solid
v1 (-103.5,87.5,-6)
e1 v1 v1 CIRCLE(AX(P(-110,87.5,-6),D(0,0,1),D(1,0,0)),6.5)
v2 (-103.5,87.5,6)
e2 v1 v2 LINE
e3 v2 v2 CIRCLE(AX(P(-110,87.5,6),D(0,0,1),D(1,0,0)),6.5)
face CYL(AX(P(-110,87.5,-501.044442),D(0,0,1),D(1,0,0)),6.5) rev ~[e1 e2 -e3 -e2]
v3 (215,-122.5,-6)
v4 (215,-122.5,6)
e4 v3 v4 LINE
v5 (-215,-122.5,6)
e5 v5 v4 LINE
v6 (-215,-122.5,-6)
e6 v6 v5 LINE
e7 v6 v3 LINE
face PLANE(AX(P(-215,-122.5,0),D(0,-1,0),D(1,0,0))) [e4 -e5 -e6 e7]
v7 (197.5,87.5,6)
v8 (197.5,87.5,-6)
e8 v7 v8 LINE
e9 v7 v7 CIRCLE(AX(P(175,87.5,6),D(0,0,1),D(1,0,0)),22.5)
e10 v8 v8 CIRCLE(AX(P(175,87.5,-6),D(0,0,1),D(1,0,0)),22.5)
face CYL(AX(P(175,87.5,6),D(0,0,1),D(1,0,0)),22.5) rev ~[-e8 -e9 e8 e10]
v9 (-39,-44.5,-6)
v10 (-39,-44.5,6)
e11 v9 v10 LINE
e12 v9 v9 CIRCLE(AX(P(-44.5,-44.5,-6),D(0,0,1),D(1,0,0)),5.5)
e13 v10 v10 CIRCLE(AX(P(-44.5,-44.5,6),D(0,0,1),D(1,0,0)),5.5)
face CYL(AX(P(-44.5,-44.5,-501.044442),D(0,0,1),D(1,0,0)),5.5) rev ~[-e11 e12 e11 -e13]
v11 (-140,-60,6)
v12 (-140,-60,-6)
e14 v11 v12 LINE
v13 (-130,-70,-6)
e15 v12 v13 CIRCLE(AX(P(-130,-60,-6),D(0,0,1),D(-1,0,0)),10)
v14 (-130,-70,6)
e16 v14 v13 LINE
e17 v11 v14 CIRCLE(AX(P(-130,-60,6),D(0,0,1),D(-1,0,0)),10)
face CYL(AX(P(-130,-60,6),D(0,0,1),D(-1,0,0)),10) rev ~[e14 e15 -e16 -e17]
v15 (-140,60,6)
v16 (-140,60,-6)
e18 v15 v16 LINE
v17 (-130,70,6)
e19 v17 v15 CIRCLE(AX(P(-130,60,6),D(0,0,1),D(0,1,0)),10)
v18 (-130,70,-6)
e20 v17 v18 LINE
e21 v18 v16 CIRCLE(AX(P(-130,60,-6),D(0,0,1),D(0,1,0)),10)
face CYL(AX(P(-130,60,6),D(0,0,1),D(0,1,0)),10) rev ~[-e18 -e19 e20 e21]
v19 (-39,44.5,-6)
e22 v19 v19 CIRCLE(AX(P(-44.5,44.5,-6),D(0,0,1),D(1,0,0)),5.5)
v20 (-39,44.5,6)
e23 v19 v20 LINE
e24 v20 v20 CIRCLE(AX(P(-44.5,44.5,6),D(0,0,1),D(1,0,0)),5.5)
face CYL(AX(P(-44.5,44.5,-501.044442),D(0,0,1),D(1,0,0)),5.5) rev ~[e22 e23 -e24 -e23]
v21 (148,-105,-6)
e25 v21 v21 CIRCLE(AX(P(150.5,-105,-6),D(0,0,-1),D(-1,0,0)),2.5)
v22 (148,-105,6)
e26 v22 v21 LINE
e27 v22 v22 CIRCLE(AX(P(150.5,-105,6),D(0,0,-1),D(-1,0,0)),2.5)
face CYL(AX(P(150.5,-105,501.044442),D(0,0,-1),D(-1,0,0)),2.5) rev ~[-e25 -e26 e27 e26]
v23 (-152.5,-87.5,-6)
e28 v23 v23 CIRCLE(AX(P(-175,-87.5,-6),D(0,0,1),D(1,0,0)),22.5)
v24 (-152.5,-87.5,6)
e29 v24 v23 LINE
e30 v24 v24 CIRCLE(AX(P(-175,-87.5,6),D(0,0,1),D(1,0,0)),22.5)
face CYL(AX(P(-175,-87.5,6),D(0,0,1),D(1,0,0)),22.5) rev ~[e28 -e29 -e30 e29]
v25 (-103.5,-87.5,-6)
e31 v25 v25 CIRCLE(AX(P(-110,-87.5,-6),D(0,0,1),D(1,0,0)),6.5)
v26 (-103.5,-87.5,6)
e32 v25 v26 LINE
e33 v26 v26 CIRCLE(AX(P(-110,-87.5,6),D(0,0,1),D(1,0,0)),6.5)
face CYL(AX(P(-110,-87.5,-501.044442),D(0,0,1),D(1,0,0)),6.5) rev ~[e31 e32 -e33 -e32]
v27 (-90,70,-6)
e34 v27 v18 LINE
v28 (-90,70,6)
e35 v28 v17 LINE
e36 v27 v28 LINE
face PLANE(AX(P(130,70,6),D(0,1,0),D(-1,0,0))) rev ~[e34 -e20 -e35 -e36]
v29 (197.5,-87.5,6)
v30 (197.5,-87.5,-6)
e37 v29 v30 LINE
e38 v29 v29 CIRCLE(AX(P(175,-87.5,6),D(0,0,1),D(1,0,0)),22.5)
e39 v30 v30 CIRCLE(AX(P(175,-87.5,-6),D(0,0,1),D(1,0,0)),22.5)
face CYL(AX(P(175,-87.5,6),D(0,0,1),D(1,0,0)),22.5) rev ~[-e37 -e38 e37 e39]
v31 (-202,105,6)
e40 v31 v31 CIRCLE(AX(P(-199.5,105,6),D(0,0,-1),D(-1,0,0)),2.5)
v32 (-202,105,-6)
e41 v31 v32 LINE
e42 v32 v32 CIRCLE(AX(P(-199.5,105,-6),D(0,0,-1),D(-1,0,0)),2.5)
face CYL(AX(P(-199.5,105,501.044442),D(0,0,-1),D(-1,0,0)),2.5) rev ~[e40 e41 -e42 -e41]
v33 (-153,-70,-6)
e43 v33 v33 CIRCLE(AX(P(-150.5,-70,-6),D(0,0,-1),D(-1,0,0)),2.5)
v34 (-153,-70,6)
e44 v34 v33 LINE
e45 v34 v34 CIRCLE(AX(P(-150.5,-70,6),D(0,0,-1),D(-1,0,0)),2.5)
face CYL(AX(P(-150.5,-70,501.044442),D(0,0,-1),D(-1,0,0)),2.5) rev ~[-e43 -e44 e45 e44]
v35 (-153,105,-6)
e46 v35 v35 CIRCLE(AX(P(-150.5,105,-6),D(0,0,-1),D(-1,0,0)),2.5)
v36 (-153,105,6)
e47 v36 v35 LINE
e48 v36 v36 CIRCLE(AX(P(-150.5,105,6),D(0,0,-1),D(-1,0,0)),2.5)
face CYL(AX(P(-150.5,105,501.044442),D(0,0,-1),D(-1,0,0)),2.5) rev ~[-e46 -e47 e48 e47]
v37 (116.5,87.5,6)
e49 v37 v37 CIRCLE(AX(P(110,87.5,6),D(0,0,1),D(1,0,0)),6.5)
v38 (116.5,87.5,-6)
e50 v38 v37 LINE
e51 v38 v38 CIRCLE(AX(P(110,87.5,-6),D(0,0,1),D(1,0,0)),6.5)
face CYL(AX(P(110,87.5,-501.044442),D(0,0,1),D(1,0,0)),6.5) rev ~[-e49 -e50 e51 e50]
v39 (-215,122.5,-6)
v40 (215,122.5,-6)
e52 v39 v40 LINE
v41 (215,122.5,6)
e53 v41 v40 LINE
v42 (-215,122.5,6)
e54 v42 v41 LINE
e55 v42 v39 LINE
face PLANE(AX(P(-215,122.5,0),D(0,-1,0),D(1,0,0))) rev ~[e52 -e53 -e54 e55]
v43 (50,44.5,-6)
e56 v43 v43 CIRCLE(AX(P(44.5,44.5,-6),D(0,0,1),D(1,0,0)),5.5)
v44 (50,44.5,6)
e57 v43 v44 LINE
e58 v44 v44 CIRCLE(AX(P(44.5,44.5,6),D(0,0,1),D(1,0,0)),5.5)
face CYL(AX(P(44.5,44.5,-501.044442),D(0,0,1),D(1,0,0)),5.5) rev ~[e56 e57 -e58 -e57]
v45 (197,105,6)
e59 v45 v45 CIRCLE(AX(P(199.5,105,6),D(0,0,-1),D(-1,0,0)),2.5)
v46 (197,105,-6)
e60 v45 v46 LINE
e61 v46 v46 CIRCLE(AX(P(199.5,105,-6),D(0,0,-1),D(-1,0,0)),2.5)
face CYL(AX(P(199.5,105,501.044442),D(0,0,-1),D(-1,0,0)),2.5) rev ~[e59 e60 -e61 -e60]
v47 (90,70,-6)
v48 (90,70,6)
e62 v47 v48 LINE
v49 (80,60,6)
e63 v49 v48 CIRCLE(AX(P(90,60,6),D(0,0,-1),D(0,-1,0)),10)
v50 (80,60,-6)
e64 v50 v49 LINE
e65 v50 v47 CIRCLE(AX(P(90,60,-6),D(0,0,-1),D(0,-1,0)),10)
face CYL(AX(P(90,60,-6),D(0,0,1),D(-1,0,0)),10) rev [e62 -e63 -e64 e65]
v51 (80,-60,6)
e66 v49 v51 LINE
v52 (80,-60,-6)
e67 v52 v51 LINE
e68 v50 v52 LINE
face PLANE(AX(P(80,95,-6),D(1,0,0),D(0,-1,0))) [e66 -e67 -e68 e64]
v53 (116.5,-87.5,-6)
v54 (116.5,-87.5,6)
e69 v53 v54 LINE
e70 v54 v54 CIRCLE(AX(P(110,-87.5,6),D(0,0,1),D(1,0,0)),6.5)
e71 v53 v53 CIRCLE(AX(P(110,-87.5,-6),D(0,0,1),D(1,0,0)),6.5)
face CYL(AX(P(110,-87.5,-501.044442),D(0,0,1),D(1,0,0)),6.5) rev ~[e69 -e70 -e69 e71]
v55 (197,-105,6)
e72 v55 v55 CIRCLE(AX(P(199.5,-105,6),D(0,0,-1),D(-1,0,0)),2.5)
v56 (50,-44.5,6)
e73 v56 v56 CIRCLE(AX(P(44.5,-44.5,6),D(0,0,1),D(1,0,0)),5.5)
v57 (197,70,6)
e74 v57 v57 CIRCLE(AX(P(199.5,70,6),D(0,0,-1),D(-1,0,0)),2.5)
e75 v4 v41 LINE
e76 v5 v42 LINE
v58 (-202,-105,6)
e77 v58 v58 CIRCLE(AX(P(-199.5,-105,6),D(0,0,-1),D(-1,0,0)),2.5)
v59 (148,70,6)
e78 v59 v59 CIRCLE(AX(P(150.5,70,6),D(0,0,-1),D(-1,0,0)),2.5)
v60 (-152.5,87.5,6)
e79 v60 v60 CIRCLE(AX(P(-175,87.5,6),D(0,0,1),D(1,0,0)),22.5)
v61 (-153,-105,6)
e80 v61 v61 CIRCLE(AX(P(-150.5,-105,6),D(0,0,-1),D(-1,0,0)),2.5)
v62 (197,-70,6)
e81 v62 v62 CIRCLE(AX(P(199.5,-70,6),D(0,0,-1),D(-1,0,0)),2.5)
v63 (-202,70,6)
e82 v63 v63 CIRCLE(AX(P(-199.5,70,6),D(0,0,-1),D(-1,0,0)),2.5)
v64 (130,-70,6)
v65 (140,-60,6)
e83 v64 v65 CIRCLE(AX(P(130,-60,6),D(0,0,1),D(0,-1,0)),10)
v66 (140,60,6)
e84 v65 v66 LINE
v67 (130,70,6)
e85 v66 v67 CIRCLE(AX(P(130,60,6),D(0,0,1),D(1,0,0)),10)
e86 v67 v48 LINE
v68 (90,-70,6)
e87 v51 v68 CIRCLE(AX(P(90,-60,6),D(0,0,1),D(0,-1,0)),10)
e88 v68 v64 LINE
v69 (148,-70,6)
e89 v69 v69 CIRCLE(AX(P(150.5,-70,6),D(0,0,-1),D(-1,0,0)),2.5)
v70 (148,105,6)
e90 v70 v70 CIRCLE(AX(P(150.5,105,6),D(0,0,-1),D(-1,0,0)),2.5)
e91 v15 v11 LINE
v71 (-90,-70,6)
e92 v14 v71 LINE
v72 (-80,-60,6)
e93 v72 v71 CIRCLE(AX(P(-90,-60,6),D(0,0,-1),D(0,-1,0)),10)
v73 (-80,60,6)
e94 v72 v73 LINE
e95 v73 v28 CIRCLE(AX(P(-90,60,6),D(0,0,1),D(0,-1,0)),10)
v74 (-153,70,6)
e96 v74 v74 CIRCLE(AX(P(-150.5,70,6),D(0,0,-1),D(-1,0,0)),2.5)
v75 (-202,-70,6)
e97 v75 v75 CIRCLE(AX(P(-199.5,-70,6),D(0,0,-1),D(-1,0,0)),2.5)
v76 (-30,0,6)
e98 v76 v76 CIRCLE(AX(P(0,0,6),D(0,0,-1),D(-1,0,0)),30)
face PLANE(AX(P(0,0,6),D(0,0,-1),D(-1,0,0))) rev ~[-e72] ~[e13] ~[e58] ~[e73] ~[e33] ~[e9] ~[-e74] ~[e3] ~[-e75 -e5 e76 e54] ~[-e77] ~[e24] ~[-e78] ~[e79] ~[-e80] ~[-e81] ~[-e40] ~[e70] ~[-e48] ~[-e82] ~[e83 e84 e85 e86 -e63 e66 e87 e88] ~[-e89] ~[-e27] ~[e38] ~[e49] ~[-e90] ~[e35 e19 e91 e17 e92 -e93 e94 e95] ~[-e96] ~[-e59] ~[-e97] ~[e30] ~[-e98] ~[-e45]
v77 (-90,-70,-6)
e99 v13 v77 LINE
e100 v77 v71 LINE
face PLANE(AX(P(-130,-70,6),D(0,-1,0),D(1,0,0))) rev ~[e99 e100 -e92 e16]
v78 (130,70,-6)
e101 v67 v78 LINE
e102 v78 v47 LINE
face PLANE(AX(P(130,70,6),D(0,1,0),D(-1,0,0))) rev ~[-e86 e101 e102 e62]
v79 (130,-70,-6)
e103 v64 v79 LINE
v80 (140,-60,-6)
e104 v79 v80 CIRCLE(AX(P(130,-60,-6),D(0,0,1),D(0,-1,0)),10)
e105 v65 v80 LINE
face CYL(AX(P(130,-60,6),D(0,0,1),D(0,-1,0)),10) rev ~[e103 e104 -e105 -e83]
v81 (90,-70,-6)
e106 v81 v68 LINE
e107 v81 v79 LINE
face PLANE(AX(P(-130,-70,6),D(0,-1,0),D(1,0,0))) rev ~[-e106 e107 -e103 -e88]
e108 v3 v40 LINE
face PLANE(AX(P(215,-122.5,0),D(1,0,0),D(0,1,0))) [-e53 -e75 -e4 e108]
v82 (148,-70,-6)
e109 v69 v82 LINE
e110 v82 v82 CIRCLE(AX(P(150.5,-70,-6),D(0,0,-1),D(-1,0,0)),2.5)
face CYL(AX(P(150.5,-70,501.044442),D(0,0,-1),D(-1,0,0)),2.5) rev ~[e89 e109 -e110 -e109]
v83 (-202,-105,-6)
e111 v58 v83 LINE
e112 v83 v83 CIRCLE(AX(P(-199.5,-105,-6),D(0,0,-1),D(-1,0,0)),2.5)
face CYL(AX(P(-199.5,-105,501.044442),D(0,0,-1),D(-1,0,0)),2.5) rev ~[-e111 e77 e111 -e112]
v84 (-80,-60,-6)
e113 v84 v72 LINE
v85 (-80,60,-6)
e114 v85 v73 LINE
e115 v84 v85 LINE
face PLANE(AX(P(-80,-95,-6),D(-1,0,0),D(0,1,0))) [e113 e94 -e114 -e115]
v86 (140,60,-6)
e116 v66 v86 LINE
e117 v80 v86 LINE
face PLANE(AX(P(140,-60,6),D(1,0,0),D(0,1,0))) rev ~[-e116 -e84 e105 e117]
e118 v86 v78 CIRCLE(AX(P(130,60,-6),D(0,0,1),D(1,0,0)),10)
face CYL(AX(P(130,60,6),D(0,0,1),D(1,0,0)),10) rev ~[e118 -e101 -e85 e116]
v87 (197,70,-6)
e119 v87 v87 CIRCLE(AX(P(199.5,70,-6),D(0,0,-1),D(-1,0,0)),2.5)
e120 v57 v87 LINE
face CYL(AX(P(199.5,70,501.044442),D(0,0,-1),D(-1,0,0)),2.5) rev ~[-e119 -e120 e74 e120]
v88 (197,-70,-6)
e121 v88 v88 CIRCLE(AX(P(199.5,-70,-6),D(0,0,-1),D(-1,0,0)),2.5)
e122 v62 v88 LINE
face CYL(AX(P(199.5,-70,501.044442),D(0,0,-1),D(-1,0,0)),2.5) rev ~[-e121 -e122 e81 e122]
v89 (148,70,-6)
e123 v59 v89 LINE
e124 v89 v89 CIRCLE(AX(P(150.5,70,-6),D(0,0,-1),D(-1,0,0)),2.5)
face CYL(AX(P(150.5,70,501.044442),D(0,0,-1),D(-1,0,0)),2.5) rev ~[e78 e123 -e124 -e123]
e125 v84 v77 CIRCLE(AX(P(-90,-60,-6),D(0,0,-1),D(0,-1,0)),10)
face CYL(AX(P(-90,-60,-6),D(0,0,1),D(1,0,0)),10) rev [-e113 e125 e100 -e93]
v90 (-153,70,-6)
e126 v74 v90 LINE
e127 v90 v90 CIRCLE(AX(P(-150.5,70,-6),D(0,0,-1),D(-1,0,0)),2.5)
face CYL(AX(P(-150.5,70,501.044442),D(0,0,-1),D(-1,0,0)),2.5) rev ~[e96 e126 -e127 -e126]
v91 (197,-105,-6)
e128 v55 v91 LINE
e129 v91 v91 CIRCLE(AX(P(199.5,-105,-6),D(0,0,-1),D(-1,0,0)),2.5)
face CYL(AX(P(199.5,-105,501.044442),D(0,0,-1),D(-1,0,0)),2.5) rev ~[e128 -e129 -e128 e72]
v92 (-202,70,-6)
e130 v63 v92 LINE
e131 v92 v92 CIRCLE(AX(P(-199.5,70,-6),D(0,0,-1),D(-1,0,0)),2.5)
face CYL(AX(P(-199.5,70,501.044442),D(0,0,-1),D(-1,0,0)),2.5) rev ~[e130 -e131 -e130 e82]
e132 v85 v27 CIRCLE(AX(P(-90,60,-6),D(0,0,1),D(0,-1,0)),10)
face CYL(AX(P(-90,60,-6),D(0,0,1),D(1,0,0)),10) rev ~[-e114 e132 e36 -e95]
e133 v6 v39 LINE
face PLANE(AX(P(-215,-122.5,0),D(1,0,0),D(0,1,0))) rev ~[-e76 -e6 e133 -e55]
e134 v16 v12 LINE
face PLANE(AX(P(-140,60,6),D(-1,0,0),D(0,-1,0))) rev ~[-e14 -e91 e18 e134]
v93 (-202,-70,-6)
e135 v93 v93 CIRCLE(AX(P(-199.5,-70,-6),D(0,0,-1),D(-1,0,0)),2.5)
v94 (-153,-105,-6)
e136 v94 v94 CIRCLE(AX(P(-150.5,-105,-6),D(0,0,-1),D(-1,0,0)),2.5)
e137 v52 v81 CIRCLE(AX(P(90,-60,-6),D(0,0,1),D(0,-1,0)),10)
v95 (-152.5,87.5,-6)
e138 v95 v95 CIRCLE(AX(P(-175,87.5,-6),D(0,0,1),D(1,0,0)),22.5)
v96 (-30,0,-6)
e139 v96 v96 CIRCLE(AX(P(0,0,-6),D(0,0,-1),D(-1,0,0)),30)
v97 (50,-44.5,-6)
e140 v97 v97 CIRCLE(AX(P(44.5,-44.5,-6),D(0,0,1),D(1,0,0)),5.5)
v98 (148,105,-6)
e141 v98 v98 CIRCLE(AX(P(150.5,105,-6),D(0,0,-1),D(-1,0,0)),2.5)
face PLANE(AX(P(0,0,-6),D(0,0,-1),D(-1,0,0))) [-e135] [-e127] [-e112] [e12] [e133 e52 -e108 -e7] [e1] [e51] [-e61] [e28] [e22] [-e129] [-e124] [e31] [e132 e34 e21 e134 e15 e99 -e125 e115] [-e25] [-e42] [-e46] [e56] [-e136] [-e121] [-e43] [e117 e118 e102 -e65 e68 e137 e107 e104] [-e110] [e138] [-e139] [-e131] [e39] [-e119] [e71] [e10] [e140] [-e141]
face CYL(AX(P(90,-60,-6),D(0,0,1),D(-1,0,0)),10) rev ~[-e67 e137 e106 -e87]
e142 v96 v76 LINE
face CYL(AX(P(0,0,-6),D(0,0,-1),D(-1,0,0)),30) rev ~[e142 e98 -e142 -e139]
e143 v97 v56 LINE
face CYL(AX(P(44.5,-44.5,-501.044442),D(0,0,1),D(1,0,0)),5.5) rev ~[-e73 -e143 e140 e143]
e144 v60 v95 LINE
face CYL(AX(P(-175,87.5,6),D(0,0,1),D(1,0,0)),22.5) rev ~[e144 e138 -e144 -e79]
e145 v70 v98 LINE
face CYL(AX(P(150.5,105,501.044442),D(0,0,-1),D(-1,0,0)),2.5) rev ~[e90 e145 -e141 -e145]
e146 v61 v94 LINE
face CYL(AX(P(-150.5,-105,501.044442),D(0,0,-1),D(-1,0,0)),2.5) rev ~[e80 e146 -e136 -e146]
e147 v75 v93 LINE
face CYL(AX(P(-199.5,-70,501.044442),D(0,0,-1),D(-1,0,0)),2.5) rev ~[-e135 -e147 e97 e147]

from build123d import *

# Parameters (mm, degrees)
SKETCH_1_W              = 430
SKETCH_1_H              = 245
EXTRUDE_1_DEPTH         = 6
SKETCH_2_R              = 22.5
CUT_EXTRUDE_1_DEPTH     = 13
HOLE_WIZARD_M6_1_D      = 5
CUT_EXTRUDE_2_DEPTH     = 13
HOLE_WIZARD_13_0_13_1_D = 13
CUT_EXTRUDE_3_DEPTH     = 13
EXTRUDE_2_DEPTH         = 12
FILLET_1_R              = 10
SKETCH_11_R             = 30
CUT_EXTRUDE_4_DEPTH     = 13
HOLE_WIZARD_11_0_11_1_D = 11


with BuildPart() as part:
    # 草图1 → 凸台-拉伸1 (new body, symmetric)
    with BuildSketch(Plane.XY):
        Rectangle(SKETCH_1_W, SKETCH_1_H)
    extrude(amount=EXTRUDE_1_DEPTH, both=True)

    # 草图2 → 切除-拉伸1 (cut, through all)
    with BuildSketch(Plane.XY.offset(6)):
        with Locations((-175, 87.5)):
            Circle(SKETCH_2_R)
        with Locations((175, 87.5)):
            Circle(SKETCH_2_R)
        with Locations((175, -87.5)):
            Circle(SKETCH_2_R)
        with Locations((-175, -87.5)):
            Circle(SKETCH_2_R)
    extrude(amount=-CUT_EXTRUDE_1_DEPTH, mode=Mode.SUBTRACT)

    # M6 螺纹孔1 (through all)
    with Locations(Plane.XY.offset(6)):
        with Locations((-199.5, 105), (-150.5, 105), (-150.5, 70), (-199.5, 70), (199.5, 70), (150.5, 70), (150.5, 105), (199.5, 105), (199.5, -105), (150.5, -105), (150.5, -70), (199.5, -70), (-199.5, -70), (-150.5, -70), (-150.5, -105), (-199.5, -105)):
            Hole(HOLE_WIZARD_M6_1_D / 2)

    # 草图5 → 切除-拉伸2 (cut, through all)
    with BuildSketch(Plane.XY.offset(6)):
        with BuildLine():
            Line((-130, -70), (130, -70))
            ThreePointArc((130, -70), (137.071067812, -67.071067812), (140, -60))
            Line((140, -60), (140, 60))
            ThreePointArc((140, 60), (137.071067812, 67.071067812), (130, 70))
            Line((130, 70), (-130, 70))
            ThreePointArc((-130, 70), (-137.071067812, 67.071067812), (-140, 60))
            Line((-140, 60), (-140, -60))
            ThreePointArc((-140, -60), (-137.071067812, -67.071067812), (-130, -70))
        make_face()
    extrude(amount=-CUT_EXTRUDE_2_DEPTH, mode=Mode.SUBTRACT)

    # Ø13.0 (13) 直径孔1 (through all)
    with Locations(Plane(origin=(0, 0, -6), x_dir=(-1, 0, 0), z_dir=(0, 0, -1))):
        with Locations((-110, 87.5), (110, 87.5), (110, -87.5), (-110, -87.5)):
            Hole(HOLE_WIZARD_13_0_13_1_D / 2)

    # 草图8 → 切除-拉伸3 (cut, through all)
    with BuildSketch(Plane(origin=(0, 0, -6), x_dir=(-1, 0, 0), z_dir=(0, 0, -1))):
        with BuildLine():
            Line((-80, 70), (80, 70))
            Line((80, 70), (80, 95))
            ThreePointArc((80, 95), (77.071067812, 102.071067812), (70, 105))
            Line((70, 105), (-70, 105))
            ThreePointArc((-70, 105), (-77.071067812, 102.071067812), (-80, 95))
            Line((-80, 95), (-80, 70))
        make_face()
        with BuildLine():
            Line((80, -70), (80, -95))
            ThreePointArc((80, -95), (77.071067812, -102.071067812), (70, -105))
            Line((70, -105), (-70, -105))
            ThreePointArc((-70, -105), (-77.071067812, -102.071067812), (-80, -95))
            Line((-80, -95), (-80, -70))
            Line((-80, -70), (80, -70))
        make_face()
    extrude(amount=-CUT_EXTRUDE_3_DEPTH, mode=Mode.SUBTRACT)

    # 草图10 → 凸台-拉伸2 (add)
    with BuildSketch(Plane(origin=(0, 0, -6), x_dir=(-1, 0, 0), z_dir=(0, 0, -1))):
        with BuildLine():
            Line((-80, -70), (-80, -95))
            ThreePointArc((-80, -95), (-77.071067812, -102.071067812), (-70, -105))
            Line((-70, -105), (70, -105))
            ThreePointArc((70, -105), (77.071067812, -102.071067812), (80, -95))
            Line((80, -95), (80, -70))
            Line((80, -70), (80, 70))
            Line((80, 70), (80, 95))
            ThreePointArc((80, 95), (77.071067812, 102.071067812), (70, 105))
            Line((70, 105), (-70, 105))
            ThreePointArc((-70, 105), (-77.071067812, 102.071067812), (-80, 95))
            Line((-80, 95), (-80, 70))
            Line((-80, 70), (-80, -70))
        make_face()
    extrude(amount=-EXTRUDE_2_DEPTH)

    # 圆角1
    fillet_1_edges = [part.edges().sort_by_distance(p)[0] for p in [
        (80, 70, 0),
        (-80, 70, 0),
        (80, -70, 0),
        (-80, -70, 0),
    ]]
    fillet(fillet_1_edges, radius=FILLET_1_R)

    # 草图11 → 切除-拉伸4 (cut, through all)
    with BuildSketch(Plane(origin=(0, 0, -6), x_dir=(-1, 0, 0), z_dir=(0, 0, -1))):
        Circle(SKETCH_11_R)
    extrude(amount=-CUT_EXTRUDE_4_DEPTH, mode=Mode.SUBTRACT)

    # Ø11.0 (11) 直径孔1 (through all)
    with Locations(Plane(origin=(44.5, 44.5, -6), x_dir=(-1, 0, 0), z_dir=(0, 0, -1))):
        with Locations((0, 0), (89, 0), (89, -89), (0, -89)):
            Hole(HOLE_WIZARD_11_0_11_1_D / 2)


solid = part.part
